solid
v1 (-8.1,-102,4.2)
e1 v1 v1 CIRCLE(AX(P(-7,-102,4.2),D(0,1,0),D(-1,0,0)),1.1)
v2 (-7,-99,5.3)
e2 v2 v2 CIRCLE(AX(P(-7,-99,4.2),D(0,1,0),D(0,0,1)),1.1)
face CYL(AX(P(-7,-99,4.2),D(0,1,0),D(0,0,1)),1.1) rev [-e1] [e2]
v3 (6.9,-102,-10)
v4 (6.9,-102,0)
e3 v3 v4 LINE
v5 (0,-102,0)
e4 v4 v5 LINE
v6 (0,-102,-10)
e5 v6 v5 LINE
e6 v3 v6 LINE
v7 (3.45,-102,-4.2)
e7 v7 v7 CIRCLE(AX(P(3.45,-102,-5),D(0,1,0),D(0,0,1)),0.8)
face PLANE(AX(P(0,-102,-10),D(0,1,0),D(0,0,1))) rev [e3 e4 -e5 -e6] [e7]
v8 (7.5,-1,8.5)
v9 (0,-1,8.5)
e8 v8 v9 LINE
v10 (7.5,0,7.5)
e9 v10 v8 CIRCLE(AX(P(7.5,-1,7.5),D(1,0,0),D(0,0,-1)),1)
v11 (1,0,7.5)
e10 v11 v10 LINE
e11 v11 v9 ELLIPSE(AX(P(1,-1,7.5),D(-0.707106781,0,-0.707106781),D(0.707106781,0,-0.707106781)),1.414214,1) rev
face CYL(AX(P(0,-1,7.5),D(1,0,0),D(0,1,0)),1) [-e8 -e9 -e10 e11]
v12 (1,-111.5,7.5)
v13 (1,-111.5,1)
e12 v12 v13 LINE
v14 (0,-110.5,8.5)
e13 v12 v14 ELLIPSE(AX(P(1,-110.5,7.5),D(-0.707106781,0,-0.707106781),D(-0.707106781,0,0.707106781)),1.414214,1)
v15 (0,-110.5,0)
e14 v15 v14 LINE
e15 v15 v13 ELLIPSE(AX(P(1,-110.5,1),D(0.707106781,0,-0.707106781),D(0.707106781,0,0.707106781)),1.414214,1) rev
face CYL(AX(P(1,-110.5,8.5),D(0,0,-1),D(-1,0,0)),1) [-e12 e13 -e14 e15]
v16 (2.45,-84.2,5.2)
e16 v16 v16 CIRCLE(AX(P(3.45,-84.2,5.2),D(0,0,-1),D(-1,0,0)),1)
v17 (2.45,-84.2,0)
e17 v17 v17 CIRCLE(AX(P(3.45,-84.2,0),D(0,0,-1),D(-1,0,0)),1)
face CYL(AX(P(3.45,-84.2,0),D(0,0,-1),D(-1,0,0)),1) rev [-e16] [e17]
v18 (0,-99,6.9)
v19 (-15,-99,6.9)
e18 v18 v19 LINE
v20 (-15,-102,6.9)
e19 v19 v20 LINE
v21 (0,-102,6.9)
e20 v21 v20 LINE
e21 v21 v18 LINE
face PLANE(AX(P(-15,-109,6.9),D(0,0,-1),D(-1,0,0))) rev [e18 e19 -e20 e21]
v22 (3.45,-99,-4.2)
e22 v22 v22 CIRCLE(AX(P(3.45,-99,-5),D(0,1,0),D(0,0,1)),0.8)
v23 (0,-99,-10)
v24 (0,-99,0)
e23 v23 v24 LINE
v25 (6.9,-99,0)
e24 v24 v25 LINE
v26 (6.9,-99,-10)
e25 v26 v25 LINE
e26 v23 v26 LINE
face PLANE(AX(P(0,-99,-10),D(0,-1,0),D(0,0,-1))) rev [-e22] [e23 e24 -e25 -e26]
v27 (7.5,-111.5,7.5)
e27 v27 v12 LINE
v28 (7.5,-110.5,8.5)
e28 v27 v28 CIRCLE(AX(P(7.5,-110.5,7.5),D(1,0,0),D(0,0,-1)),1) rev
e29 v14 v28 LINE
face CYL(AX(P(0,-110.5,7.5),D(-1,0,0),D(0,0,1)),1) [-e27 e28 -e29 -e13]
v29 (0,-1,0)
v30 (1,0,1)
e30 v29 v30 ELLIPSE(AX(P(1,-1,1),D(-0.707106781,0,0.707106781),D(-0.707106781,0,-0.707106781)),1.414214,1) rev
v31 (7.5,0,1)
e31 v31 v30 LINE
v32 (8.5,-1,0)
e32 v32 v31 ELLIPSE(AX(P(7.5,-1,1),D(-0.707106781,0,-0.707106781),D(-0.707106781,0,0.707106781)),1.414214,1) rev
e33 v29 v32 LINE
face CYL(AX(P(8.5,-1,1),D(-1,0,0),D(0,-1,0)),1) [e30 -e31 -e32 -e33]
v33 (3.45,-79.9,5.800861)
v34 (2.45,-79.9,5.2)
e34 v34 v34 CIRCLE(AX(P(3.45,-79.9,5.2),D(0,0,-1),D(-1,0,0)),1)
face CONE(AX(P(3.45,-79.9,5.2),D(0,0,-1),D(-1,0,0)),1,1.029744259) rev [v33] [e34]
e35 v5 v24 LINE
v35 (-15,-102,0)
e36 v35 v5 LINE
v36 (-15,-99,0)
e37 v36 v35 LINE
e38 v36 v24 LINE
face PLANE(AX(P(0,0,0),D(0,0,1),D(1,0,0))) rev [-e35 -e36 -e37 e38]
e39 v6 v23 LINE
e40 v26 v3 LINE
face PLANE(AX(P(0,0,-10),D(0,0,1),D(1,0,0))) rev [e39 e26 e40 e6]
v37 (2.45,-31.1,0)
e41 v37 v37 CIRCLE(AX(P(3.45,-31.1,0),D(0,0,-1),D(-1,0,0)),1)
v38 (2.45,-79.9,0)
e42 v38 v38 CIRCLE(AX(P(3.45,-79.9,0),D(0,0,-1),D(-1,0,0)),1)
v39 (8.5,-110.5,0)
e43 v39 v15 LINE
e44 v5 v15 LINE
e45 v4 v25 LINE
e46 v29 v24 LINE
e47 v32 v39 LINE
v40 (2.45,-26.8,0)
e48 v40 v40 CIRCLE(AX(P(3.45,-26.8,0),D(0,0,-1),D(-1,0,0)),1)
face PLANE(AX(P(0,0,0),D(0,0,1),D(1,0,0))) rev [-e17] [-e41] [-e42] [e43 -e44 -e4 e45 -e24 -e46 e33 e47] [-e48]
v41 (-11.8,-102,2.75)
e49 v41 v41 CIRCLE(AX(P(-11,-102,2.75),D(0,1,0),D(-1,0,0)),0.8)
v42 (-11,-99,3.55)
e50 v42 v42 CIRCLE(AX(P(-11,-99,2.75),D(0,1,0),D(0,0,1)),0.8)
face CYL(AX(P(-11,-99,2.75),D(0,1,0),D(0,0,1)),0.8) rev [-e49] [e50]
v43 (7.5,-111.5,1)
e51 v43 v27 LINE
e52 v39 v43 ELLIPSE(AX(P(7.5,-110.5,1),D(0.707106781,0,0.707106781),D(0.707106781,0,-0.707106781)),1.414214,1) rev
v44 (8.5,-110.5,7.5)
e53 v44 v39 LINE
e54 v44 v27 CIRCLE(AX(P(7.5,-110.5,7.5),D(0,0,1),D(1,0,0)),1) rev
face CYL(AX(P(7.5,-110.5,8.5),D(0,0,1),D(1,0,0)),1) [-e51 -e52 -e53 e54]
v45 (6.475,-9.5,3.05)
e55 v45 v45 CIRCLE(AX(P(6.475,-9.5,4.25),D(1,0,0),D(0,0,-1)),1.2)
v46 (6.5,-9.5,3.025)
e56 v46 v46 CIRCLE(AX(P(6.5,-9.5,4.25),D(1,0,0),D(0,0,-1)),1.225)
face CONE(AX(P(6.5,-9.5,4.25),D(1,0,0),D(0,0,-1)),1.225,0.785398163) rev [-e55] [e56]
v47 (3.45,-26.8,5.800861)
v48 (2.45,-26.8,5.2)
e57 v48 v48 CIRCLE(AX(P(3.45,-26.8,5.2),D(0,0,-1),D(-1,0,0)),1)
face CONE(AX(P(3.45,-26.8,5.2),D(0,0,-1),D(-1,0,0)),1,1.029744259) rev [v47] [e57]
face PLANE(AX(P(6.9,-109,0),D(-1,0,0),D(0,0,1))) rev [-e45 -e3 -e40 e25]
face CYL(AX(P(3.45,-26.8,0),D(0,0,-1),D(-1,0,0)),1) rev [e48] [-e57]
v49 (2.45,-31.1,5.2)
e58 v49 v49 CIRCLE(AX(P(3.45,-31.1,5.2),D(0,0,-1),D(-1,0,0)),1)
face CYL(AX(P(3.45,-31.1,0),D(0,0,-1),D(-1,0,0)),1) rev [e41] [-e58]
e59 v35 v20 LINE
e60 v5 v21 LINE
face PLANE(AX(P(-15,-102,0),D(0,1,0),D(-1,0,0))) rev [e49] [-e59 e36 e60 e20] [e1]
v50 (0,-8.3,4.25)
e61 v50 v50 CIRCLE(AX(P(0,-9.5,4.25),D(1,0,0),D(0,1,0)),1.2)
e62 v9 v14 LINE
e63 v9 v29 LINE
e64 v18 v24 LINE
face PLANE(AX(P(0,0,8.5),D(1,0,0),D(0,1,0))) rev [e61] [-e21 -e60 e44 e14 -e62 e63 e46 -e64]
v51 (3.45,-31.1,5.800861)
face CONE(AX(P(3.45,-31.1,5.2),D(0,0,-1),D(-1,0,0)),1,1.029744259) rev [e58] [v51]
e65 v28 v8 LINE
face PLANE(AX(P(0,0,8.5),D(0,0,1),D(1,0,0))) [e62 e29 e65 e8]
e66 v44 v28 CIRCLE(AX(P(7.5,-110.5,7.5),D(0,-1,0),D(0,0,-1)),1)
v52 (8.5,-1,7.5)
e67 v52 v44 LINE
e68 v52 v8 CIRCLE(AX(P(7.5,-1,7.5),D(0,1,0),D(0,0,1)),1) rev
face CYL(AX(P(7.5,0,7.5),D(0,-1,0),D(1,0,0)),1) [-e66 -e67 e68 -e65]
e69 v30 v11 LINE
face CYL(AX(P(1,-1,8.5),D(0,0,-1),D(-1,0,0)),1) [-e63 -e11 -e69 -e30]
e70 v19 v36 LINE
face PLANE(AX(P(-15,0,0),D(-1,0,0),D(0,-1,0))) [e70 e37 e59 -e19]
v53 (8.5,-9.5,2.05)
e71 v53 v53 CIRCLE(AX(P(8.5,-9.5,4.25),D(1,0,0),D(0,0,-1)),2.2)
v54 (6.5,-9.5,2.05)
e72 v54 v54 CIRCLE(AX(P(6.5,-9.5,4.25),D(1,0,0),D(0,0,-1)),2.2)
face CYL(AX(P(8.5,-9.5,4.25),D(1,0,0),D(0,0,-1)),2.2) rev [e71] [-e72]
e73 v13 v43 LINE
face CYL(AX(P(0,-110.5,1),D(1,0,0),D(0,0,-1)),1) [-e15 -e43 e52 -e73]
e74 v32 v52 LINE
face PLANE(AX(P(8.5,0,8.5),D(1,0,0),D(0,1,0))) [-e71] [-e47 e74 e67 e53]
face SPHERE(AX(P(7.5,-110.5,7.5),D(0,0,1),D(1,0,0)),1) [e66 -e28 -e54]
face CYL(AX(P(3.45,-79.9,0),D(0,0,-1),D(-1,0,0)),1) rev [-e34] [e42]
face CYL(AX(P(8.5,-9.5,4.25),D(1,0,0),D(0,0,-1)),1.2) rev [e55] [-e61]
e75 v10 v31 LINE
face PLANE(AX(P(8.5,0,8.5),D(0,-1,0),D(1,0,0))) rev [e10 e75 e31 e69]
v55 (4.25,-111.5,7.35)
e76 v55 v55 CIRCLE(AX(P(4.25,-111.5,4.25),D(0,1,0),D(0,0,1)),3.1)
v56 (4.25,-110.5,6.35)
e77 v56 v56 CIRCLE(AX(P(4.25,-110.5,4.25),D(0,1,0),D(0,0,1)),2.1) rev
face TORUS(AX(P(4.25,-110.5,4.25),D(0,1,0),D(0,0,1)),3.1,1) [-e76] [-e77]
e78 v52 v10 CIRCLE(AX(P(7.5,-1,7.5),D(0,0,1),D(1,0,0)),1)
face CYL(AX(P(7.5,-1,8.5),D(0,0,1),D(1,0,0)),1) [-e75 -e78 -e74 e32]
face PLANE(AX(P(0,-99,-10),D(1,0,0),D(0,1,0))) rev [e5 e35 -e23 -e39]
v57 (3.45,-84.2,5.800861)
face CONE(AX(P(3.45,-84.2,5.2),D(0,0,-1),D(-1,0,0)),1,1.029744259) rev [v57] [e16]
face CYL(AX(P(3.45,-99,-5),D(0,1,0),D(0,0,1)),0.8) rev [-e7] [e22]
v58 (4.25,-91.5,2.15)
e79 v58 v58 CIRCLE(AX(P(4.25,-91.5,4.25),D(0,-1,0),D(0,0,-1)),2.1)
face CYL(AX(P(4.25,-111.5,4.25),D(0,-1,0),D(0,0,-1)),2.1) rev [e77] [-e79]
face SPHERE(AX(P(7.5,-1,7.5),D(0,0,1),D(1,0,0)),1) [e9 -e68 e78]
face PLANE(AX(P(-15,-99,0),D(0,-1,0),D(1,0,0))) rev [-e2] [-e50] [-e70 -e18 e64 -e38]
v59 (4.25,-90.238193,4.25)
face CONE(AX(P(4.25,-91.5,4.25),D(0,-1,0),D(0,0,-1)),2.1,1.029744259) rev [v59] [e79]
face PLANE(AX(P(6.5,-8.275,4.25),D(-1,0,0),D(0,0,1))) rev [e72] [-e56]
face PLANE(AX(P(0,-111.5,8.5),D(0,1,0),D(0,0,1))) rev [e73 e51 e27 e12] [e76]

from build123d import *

# Parameters (mm, degrees)
SKETCH1_W                      = 8.5
SKETCH1_H                      = 111.5
BOSS_EXTRUDE5_DEPTH            = 8.5
M5X0_8_TAPPED_HOLE2_D          = 4.2
M5X0_8_TAPPED_HOLE2_DEPTH      = 20
M5X0_8_TAPPED_HOLE2_TIP        = 1.2618073
SKETCH35_W                     = 8.5
SKETCH35_H                     = 3
BOSS_EXTRUDE6_DEPTH            = 15
F_2_2_2_2_DIAMETER_HOLE1_D     = 2.2
F_2_2_2_2_DIAMETER_HOLE1_DEPTH = 13
M2X0_4_TAPPED_HOLE5_D          = 1.6
M2X0_4_TAPPED_HOLE5_DEPTH      = 3
SKETCH40_W                     = 8.5
SKETCH40_H                     = 3
BOSS_EXTRUDE7_DEPTH            = 10
M2X0_4_TAPPED_HOLE4_D          = 1.6
M2X0_4_TAPPED_HOLE4_DEPTH      = 3
FILLET1_R                      = 1
M2X0_4_TAPPED_HOLE3_D          = 2
M2X0_4_TAPPED_HOLE3_DEPTH      = 5.2
M2X0_4_TAPPED_HOLE3_TIP        = 0.600860619
SKETCH49_W                     = 1.6
SKETCH49_H                     = 10
SKETCH49_W_2                   = 15
SKETCH49_H_2                   = 1.6
CUT_EXTRUDE1_DEPTH             = 10


with BuildPart() as part:
    # Sketch1 → Boss-Extrude5 (new body)
    with BuildSketch(Plane.XY):
        with Locations((4.25, -55.75)):
            Rectangle(SKETCH1_W, SKETCH1_H)
    extrude(amount=BOSS_EXTRUDE5_DEPTH)

    # M5x0.8 Tapped Hole2
    with Locations(Plane(origin=(0, -111.5, 0), x_dir=(-1, 0, 0), z_dir=(0, -1, 0))):
        with Locations((-4.25, -4.25)):
            Hole(M5X0_8_TAPPED_HOLE2_D / 2, depth=M5X0_8_TAPPED_HOLE2_DEPTH)
            with Locations((0, 0, -(M5X0_8_TAPPED_HOLE2_DEPTH + M5X0_8_TAPPED_HOLE2_TIP / 2))):  # 118° drill point
                Cone(0, M5X0_8_TAPPED_HOLE2_D / 2, M5X0_8_TAPPED_HOLE2_TIP, mode=Mode.SUBTRACT)

    # Sketch35 → Boss-Extrude6 (add)
    with BuildSketch(Plane.ZY):
        with Locations((4.25, -100.5)):
            Rectangle(SKETCH35_W, SKETCH35_H)
    extrude(amount=BOSS_EXTRUDE6_DEPTH)

    # Ø2.2 (2.2) Diameter Hole1
    with Locations(Plane(origin=(0, -99, 0), x_dir=(1, 0, 0), z_dir=(0, 1, 0))):
        with Locations((-7, -4.2)):
            Hole(F_2_2_2_2_DIAMETER_HOLE1_D / 2, depth=F_2_2_2_2_DIAMETER_HOLE1_DEPTH)

    # M2x0.4 Tapped Hole5
    with Locations(Plane(origin=(0, -99, 0), x_dir=(1, 0, 0), z_dir=(0, 1, 0))):
        with Locations((-11, -2.75)):
            Hole(M2X0_4_TAPPED_HOLE5_D / 2, depth=M2X0_4_TAPPED_HOLE5_DEPTH)

    # Sketch40 → Boss-Extrude7 (add)
    with BuildSketch(Plane(origin=(0, 0, 0), x_dir=(-1, 0, 0), z_dir=(0, 0, -1))):
        with Locations((-4.25, -100.5)):
            Rectangle(SKETCH40_W, SKETCH40_H)
    extrude(amount=BOSS_EXTRUDE7_DEPTH)

    # M2x0.4 Tapped Hole4
    with Locations(Plane(origin=(0, -99, 0), x_dir=(1, 0, 0), z_dir=(0, 1, 0))):
        with Locations((3.45, 5)):
            Hole(M2X0_4_TAPPED_HOLE4_D / 2, depth=M2X0_4_TAPPED_HOLE4_DEPTH)

    # Sketch45 → CBORE for M2 Socket Head Cap Screw1 (revolve, cut)
    with BuildSketch(Plane(origin=(8.5, -9.5, 4.25), x_dir=(0, 0, -1), z_dir=(0, 1, 0))):
        Polygon((0, 0), (0, 23.500025), (1.2, 23.500025), (1.2, 2.025), (1.225, 2), (2.2, 2), (2.2, 0), align=None)
    revolve(axis=Axis((14.85, -9.5, 4.25), (-1, 0, 0)), mode=Mode.SUBTRACT)

    # Fillet1
    fillet1_edges = [part.edges().sort_by_distance(p)[0] for p in [
        (4.25, 0, 8.5),
        (2.15, -111.5, 4.25),
        (8.5, -55.75, 8.5),
        (4.25, 0, 0),
        (4.25, -111.5, 0),
        (4.25, -111.5, 8.5),
        (8.5, 0, 4.25),
        (0, 0, 4.25),
        (0, -111.5, 4.25),
        (8.5, -111.5, 4.25),
    ]]
    fillet(fillet1_edges, radius=FILLET1_R)

    # M2x0.4 Tapped Hole3
    with Locations(Plane(origin=(0, 0, 0), x_dir=(-1, 0, 0), z_dir=(0, 0, -1))):
        with Locations((-3.45, -26.8), (-3.45, -84.2), (-3.45, -31.1), (-3.45, -79.9)):
            Hole(M2X0_4_TAPPED_HOLE3_D / 2, depth=M2X0_4_TAPPED_HOLE3_DEPTH)
            with Locations((0, 0, -(M2X0_4_TAPPED_HOLE3_DEPTH + M2X0_4_TAPPED_HOLE3_TIP / 2))):  # 118° drill point
                Cone(0, M2X0_4_TAPPED_HOLE3_D / 2, M2X0_4_TAPPED_HOLE3_TIP, mode=Mode.SUBTRACT)

    # Sketch49 → Cut-Extrude1 (cut)
    with BuildSketch(Plane(origin=(0, -99, 0), x_dir=(1, 0, 0), z_dir=(0, 1, 0))):
        with Locations((7.7, 5)):
            Rectangle(SKETCH49_W, SKETCH49_H)
        with Locations((-7.5, -7.7)):
            Rectangle(SKETCH49_W_2, SKETCH49_H_2)
    extrude(amount=-CUT_EXTRUDE1_DEPTH, mode=Mode.SUBTRACT)


solid = part.part
